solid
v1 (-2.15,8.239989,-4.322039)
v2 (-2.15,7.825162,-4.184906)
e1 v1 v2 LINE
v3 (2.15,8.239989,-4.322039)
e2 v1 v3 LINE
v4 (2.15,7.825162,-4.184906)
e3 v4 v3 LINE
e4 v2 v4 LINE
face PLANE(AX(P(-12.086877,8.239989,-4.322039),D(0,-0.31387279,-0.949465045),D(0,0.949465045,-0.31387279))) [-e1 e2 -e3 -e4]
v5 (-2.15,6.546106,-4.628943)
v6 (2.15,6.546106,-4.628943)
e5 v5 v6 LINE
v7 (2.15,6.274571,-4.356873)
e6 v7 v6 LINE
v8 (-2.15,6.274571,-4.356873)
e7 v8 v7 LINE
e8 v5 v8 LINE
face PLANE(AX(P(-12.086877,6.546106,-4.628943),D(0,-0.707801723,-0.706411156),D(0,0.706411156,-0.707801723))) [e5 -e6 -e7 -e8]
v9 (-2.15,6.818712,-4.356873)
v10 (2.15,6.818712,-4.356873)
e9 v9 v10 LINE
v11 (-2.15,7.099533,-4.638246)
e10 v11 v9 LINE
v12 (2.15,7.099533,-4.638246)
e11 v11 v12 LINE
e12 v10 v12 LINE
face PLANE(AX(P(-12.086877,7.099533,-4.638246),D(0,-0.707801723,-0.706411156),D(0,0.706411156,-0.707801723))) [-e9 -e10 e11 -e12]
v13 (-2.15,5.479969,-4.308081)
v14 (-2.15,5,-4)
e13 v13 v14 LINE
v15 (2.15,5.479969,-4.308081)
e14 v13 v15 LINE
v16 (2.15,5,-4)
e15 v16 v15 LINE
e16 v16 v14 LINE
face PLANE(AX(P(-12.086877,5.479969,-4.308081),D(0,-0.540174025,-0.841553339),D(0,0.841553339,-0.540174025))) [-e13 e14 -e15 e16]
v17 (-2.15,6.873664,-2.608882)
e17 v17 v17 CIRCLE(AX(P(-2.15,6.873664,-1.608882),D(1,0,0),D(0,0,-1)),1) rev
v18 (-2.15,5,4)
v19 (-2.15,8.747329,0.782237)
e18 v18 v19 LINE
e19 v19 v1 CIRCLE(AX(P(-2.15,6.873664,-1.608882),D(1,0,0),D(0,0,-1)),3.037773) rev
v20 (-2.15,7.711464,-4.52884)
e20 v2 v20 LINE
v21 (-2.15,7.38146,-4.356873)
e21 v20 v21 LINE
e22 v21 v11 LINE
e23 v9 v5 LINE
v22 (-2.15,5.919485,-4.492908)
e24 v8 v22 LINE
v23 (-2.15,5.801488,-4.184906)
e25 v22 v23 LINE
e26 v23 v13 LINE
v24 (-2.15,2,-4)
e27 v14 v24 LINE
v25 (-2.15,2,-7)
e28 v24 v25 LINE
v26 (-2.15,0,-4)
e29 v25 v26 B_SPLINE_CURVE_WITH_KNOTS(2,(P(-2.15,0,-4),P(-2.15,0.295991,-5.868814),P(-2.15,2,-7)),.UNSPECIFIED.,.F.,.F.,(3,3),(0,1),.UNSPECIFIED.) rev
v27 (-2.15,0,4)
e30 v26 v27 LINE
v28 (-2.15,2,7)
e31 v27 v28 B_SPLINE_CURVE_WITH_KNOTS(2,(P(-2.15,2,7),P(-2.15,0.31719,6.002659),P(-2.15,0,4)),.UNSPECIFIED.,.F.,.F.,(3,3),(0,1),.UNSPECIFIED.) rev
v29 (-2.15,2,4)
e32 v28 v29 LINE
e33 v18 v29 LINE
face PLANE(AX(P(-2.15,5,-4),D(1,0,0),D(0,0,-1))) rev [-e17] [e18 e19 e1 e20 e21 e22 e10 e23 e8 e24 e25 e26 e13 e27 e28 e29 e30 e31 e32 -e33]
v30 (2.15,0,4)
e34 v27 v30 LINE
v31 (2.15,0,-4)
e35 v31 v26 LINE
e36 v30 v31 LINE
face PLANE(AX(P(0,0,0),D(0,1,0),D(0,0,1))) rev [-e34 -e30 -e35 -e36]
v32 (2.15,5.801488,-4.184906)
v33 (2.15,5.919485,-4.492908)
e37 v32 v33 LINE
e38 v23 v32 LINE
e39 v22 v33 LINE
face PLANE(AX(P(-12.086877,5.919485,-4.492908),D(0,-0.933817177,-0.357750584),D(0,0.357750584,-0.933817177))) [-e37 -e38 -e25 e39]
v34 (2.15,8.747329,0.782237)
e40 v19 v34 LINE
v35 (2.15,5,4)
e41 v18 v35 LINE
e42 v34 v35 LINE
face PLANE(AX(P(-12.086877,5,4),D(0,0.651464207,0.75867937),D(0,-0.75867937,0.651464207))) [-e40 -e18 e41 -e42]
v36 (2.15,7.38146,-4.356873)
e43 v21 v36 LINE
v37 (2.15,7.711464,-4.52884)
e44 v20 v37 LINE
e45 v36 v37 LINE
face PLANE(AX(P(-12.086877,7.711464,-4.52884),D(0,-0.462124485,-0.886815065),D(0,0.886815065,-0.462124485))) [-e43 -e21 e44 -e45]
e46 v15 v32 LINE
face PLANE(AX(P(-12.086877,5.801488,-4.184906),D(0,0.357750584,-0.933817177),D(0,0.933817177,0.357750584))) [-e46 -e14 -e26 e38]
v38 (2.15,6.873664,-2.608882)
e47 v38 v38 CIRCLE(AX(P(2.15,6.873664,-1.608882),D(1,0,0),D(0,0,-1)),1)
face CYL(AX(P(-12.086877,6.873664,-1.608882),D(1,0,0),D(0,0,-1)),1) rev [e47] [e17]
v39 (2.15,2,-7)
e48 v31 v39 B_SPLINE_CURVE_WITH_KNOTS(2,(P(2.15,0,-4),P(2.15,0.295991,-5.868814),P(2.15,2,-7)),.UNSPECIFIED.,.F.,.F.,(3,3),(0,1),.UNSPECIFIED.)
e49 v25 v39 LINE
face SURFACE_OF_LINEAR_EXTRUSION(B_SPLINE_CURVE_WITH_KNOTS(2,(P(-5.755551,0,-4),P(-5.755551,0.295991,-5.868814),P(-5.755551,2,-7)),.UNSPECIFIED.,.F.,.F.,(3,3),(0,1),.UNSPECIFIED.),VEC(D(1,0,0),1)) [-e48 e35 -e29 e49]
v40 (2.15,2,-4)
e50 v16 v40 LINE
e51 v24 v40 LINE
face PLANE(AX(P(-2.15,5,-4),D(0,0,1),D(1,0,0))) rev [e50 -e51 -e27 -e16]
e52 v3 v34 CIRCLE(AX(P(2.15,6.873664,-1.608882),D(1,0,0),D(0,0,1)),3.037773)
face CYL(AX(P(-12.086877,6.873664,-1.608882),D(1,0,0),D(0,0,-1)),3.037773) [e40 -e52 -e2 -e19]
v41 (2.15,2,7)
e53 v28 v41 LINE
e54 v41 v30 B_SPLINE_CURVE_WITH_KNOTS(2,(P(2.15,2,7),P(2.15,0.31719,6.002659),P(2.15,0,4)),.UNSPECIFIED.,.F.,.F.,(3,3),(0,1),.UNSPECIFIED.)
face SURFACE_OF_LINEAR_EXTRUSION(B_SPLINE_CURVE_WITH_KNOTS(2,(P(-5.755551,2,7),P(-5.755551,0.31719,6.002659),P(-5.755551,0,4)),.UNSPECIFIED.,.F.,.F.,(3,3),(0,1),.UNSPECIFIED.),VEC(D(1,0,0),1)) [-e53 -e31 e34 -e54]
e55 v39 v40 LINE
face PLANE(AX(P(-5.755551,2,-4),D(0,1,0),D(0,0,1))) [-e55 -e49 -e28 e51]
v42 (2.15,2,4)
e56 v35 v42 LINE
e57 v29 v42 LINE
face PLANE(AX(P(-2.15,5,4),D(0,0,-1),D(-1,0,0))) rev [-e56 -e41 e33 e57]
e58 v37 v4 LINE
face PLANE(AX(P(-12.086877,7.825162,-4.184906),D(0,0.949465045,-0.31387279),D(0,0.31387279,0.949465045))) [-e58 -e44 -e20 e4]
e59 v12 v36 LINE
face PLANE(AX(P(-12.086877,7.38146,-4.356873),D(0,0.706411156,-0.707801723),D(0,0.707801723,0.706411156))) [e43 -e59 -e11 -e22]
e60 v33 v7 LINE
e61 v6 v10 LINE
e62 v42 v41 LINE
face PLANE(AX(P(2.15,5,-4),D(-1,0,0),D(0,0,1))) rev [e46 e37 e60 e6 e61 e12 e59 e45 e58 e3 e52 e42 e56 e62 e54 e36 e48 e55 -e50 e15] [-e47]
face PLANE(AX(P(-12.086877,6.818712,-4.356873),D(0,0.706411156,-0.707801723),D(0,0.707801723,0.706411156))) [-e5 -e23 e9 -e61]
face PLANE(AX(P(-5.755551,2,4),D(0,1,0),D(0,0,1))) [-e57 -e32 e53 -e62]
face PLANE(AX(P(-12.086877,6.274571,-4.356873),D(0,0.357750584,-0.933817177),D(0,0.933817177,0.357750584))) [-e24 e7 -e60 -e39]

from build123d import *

# Parameters (mm, degrees)
SKETCH_1_W      = 4.3
SKETCH_1_H      = 8
EXTRUDE_1_DEPTH = 5
EXTRUDE_2_DEPTH = 4.3
SKETCH_3_R      = 1
EXTRUDE_3_DEPTH = 4.3


with BuildPart() as part:
    # 草图1 → 凸台-拉伸1 (new body)
    with BuildSketch(Plane(origin=(0, 0, 0), x_dir=(1, 0, 0), z_dir=(0, 1, 0))):
        Rectangle(SKETCH_1_W, SKETCH_1_H)
    extrude(amount=EXTRUDE_1_DEPTH)

    # 草图2 → 凸台-拉伸2 (add)
    with BuildSketch(Plane(origin=(2.15, 0, 0), x_dir=(0, 0, -1), z_dir=(1, 0, 0))):
        with BuildLine():
            Line((-4, 2), (-7, 2))
            add(Edge.make_bspline(
                [(-7, 2), (-6.002659385, 0.317190086), (-4, 0)],
                knots=[0, 0, 0, 1, 1, 1], degree=2))
            Line((-4, 0), (-4, 2))
        make_face()
        with BuildLine():
            Line((4, 2), (7, 2))
            add(Edge.make_bspline(
                [(4, 0), (5.86881421, 0.295991093), (7, 2)],
                knots=[0, 0, 0, 1, 1, 1], degree=2))
            Line((4, 0), (4, 2))
        make_face()
    extrude(amount=-EXTRUDE_2_DEPTH)

    # 草图3 → 凸台-拉伸3 (add)
    with BuildSketch(Plane(origin=(2.15, 0, 0), x_dir=(0, 0, -1), z_dir=(1, 0, 0))):
        with BuildLine():
            Line((-4, 5), (-0.782236668, 8.747328908))
            ThreePointArc((-0.782236668, 8.747328908), (1.909340646, 9.896542185), (4.322038795, 8.239989368))
            Line((4.322038795, 8.239989368), (4.184905625, 7.825161592))
            Line((4.184905625, 7.825161592), (4.528840035, 7.711464249))
            Line((4.528840035, 7.711464249), (4.35687283, 7.38145986))
            Line((4.35687283, 7.38145986), (4.638246106, 7.099532702))
            Line((4.638246106, 7.099532702), (4.35687283, 6.81871222))
            Line((4.35687283, 6.81871222), (4.628943103, 6.546106378))
            Line((4.628943103, 6.546106378), (4.35687283, 6.274570623))
            Line((4.35687283, 6.274570623), (4.492907966, 5.919485397))
            Line((4.492907966, 5.919485397), (4.184905625, 5.801487977))
            Line((4.184905625, 5.801487977), (4.3080813, 5.479969112))
            Line((4.3080813, 5.479969112), (4, 5))
            Line((4, 5), (-4, 5))
        make_face()
        with Locations((1.608881666, 6.873664454)):
            Circle(SKETCH_3_R, mode=Mode.SUBTRACT)
    extrude(amount=-EXTRUDE_3_DEPTH)


solid = part.part
